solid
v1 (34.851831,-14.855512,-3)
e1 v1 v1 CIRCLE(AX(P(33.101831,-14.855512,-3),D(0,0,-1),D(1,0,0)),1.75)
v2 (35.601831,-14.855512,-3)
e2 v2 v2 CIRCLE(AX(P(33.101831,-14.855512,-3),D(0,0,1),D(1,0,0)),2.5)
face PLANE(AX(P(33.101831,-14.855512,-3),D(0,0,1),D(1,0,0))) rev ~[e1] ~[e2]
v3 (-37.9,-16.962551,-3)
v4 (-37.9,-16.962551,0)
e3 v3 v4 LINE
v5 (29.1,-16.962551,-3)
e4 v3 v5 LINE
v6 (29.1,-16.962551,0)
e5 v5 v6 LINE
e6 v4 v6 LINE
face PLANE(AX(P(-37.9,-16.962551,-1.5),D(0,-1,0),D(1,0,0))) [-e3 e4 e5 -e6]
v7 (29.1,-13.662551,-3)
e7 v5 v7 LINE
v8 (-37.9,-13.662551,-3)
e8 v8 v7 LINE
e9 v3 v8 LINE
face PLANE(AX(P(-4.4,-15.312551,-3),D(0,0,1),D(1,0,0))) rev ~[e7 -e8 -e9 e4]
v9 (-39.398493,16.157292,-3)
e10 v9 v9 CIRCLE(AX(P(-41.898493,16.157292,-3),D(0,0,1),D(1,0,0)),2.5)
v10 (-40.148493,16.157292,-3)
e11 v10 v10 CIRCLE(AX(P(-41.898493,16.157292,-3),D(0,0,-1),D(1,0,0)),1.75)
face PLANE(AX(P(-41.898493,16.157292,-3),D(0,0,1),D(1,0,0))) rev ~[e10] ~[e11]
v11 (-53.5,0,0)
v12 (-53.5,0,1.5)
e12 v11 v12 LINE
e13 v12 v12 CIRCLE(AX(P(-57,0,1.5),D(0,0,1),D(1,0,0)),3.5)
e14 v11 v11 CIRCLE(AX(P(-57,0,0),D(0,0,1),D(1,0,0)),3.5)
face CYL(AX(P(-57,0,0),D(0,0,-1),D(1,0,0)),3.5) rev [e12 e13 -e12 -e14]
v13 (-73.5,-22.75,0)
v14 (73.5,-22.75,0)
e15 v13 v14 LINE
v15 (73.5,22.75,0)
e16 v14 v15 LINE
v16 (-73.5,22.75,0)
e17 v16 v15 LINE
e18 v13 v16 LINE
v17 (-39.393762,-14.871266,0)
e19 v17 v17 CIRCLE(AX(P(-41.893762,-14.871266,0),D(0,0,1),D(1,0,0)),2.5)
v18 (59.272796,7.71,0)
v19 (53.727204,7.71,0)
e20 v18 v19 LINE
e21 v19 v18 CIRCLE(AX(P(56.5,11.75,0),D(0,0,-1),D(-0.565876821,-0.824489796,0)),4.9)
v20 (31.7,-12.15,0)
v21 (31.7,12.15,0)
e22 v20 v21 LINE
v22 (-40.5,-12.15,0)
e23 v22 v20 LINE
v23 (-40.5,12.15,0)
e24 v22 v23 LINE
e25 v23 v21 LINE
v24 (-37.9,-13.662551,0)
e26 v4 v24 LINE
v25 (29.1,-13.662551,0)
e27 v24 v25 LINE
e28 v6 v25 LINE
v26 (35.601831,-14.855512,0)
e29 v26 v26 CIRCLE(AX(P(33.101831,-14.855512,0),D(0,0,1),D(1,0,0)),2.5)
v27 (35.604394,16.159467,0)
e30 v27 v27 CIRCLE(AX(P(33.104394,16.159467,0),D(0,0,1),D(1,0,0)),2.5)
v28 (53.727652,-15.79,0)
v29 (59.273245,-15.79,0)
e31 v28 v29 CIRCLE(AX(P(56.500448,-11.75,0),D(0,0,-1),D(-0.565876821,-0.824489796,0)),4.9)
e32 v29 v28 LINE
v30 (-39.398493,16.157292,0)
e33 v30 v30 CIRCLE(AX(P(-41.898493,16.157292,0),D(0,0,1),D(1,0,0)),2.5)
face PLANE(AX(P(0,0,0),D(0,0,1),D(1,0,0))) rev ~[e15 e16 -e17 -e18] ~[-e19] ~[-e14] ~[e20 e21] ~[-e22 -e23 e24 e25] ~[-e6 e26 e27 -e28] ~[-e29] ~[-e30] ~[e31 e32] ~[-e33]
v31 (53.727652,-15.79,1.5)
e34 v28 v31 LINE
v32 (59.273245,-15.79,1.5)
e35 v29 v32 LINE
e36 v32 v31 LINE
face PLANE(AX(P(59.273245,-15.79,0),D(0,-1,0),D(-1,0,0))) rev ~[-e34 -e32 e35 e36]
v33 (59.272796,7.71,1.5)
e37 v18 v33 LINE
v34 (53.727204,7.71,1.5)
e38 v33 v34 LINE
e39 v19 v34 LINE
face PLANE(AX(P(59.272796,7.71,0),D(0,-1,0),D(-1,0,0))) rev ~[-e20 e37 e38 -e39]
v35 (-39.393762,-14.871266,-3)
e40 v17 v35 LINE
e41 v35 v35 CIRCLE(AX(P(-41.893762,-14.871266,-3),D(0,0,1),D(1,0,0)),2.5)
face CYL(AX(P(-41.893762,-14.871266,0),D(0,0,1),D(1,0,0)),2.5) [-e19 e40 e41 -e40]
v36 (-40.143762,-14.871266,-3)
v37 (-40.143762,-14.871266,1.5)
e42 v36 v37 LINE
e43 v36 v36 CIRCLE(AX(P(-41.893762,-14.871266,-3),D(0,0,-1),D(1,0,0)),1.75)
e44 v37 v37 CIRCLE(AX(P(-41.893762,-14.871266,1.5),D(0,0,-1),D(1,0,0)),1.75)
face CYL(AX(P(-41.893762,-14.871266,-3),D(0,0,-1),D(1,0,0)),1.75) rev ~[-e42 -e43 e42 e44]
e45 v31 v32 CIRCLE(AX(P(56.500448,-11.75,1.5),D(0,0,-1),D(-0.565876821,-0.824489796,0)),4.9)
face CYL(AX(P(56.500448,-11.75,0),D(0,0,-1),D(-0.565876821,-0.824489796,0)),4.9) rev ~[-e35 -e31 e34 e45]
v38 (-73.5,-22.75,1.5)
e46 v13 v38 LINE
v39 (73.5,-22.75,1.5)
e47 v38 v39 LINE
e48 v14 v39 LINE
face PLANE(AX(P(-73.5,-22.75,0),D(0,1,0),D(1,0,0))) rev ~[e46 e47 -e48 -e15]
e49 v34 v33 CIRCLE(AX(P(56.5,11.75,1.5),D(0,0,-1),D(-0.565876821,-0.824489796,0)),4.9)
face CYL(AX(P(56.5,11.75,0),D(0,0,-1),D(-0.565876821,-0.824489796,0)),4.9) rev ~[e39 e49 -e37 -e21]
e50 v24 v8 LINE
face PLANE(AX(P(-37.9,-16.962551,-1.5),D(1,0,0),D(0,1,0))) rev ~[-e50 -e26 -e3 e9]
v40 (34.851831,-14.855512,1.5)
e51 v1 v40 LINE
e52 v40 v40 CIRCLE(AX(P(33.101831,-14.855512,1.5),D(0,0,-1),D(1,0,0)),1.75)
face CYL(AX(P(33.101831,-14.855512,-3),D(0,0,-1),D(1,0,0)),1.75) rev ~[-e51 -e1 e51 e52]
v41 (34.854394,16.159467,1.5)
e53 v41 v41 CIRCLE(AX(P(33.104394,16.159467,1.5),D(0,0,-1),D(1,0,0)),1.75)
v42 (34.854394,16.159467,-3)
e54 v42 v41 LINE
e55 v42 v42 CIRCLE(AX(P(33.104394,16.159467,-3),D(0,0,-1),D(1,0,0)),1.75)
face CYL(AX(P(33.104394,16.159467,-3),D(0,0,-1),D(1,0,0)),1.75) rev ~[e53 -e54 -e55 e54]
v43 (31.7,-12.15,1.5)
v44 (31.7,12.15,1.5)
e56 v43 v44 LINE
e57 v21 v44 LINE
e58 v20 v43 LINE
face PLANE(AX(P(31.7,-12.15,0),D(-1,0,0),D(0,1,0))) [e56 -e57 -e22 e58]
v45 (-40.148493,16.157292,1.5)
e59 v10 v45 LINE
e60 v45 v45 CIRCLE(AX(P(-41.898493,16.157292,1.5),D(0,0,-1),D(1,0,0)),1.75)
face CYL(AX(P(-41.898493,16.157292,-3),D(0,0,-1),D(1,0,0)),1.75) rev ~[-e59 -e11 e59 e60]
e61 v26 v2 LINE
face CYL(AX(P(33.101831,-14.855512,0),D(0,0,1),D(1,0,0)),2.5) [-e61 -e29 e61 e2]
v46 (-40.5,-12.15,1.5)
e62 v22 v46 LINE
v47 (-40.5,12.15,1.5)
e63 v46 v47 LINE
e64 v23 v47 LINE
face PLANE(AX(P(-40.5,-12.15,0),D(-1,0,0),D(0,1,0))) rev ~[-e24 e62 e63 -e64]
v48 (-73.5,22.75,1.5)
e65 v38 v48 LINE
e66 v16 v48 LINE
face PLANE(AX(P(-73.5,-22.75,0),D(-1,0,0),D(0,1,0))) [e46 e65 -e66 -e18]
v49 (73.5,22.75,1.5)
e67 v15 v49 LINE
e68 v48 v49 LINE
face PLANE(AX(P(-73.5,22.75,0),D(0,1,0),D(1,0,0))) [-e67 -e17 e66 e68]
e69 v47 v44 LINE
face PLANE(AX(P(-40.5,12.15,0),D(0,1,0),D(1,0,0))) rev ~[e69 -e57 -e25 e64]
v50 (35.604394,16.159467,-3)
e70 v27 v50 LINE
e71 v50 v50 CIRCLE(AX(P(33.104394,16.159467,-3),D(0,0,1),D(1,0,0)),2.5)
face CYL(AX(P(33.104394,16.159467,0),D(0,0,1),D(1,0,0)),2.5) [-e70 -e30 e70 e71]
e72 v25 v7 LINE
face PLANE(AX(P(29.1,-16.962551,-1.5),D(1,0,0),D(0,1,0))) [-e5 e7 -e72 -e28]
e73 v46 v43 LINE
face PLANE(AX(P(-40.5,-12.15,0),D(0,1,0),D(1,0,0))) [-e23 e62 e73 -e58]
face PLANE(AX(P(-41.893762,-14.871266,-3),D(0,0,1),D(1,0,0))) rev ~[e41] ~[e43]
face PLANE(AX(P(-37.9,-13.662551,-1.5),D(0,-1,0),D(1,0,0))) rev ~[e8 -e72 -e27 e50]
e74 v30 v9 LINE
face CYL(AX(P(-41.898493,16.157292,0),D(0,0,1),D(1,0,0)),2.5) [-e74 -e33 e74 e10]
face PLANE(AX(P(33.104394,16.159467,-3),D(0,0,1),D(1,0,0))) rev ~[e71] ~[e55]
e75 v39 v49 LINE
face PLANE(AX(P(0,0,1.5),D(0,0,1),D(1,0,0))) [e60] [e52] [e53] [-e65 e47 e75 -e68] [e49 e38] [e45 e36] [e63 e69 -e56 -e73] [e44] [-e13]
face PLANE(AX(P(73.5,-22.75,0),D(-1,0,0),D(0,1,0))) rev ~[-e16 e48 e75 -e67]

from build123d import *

# Parameters (mm, degrees)
F0_W      = 147
F0_H      = 45.5
F0_W_2    = 67
F0_H_2    = 3.3
F0_R      = 3.5
F0_W_3    = 72.2
F0_H_3    = 24.3
F1_DEPTH  = 1.5
F2_DEPTH  = 1.5
F3_DEPTH  = 1.5
F4_DEPTH  = 1.5
F5_DEPTH  = 1.5
F6_R      = 2.5
F7_DEPTH  = 3
F8_R      = 1.75
F9_DEPTH  = 6
F10_R     = 2.5
F11_DEPTH = 3
F12_R     = 1.75
F13_DEPTH = 25
F14_R     = 2.5
F15_DEPTH = 3
F16_R     = 1.75
F17_DEPTH = 25
F18_R     = 2.5
F19_DEPTH = 3
F20_R     = 1.75
F21_DEPTH = 25


with BuildPart() as f1:
    # F0 (on Top) → F1 (new body)
    with BuildSketch(Plane.XY):
        Rectangle(F0_W, F0_H)
        with Locations((-4.4, -15.3125505805)):
            Rectangle(F0_W_2, F0_H_2, mode=Mode.SUBTRACT)
        with BuildLine():
            ThreePointArc((53.7276520505, -15.79), (56.5004484729, -6.85), (59.2732448953, -15.79))
            Line((59.2732448953, -15.79), (53.7276520505, -15.79))
        make_face(mode=Mode.SUBTRACT)
        with Locations((-57, 0)):
            Circle(F0_R, mode=Mode.SUBTRACT)
        with Locations((-4.4, 0)):
            Rectangle(F0_W_3, F0_H_3, mode=Mode.SUBTRACT)
        with BuildLine():
            ThreePointArc((53.7272035776, 7.71), (56.5, 16.65), (59.2727964224, 7.71))
            Line((59.2727964224, 7.71), (53.7272035776, 7.71))
        make_face(mode=Mode.SUBTRACT)
    extrude(amount=F1_DEPTH)

    # F0 (on Top) → F2 (join)
    with BuildSketch(Plane.XY):
        Rectangle(F0_W, F0_H)
        with Locations((-4.4, -15.3125505805)):
            Rectangle(F0_W_2, F0_H_2, mode=Mode.SUBTRACT)
        with BuildLine():
            ThreePointArc((53.7276520505, -15.79), (56.5004484729, -6.85), (59.2732448953, -15.79))
            Line((59.2732448953, -15.79), (53.7276520505, -15.79))
        make_face(mode=Mode.SUBTRACT)
        with Locations((-57, 0)):
            Circle(F0_R, mode=Mode.SUBTRACT)
        with Locations((-4.4, 0)):
            Rectangle(F0_W_3, F0_H_3, mode=Mode.SUBTRACT)
        with BuildLine():
            ThreePointArc((53.7272035776, 7.71), (56.5, 16.65), (59.2727964224, 7.71))
            Line((59.2727964224, 7.71), (53.7272035776, 7.71))
        make_face(mode=Mode.SUBTRACT)
    extrude(amount=F2_DEPTH)

    # F0 (on Top) → F3 (join)
    with BuildSketch(Plane.XY):
        Rectangle(F0_W, F0_H)
        with Locations((-4.4, -15.3125505805)):
            Rectangle(F0_W_2, F0_H_2, mode=Mode.SUBTRACT)
        with BuildLine():
            ThreePointArc((53.7276520505, -15.79), (56.5004484729, -6.85), (59.2732448953, -15.79))
            Line((59.2732448953, -15.79), (53.7276520505, -15.79))
        make_face(mode=Mode.SUBTRACT)
        with Locations((-57, 0)):
            Circle(F0_R, mode=Mode.SUBTRACT)
        with Locations((-4.4, 0)):
            Rectangle(F0_W_3, F0_H_3, mode=Mode.SUBTRACT)
        with BuildLine():
            ThreePointArc((53.7272035776, 7.71), (56.5, 16.65), (59.2727964224, 7.71))
            Line((59.2727964224, 7.71), (53.7272035776, 7.71))
        make_face(mode=Mode.SUBTRACT)
    extrude(amount=F3_DEPTH)

    # F0 (on Top) → F4 (join, symmetric)
    with BuildSketch(Plane.XY):
        with Locations((-4.4, -15.3125505805)):
            Rectangle(F0_W_2, F0_H_2)
    extrude(amount=F4_DEPTH, both=True)

    # F5 (add): a face of the model
    f5_faces = [f1.faces().sort_by_distance(p)[0] for p in [
        (-4.4, -15.3125505805, -1.5),
    ]]
    extrude(f5_faces, amount=F5_DEPTH)

    # F6 (on face) → F7 (join)
    with BuildSketch(Plane.XY):
        with Locations((33.1043936312, 16.1594673991)):
            Circle(F6_R)
    extrude(amount=-F7_DEPTH)

    # F8 (on face) → F9 (cut)
    with BuildSketch(Plane(origin=(0, 0, -3), x_dir=(1, 0, 0), z_dir=(0, 0, -1))):
        with Locations((33.1043936312, -16.1594673991)):
            Circle(F8_R)
    extrude(amount=-F9_DEPTH, mode=Mode.SUBTRACT)

    # F10 (on face) → F11 (join)
    with BuildSketch(Plane.XY):
        with Locations((-41.8984927237, 16.1572918296)):
            Circle(F10_R)
    extrude(amount=-F11_DEPTH)

    # F12 (on face) → F13 (cut)
    with BuildSketch(Plane(origin=(0, 0, -3), x_dir=(1, 0, 0), z_dir=(0, 0, -1))):
        with Locations((-41.8984927237, -16.1572918296)):
            Circle(F12_R)
    extrude(amount=-F13_DEPTH, mode=Mode.SUBTRACT)

    # F14 (on face) → F15 (join)
    with BuildSketch(Plane.XY):
        with Locations((-41.893761605, -14.8712657392)):
            Circle(F14_R)
    extrude(amount=-F15_DEPTH)

    # F16 (on face) → F17 (cut)
    with BuildSketch(Plane(origin=(0, 0, -3), x_dir=(1, 0, 0), z_dir=(0, 0, -1))):
        with Locations((-41.893761605, 14.8712657392)):
            Circle(F16_R)
    extrude(amount=-F17_DEPTH, mode=Mode.SUBTRACT)

    # F18 (on face) → F19 (join)
    with BuildSketch(Plane.XY):
        with Locations((33.1018306315, -14.8555124179)):
            Circle(F18_R)
    extrude(amount=-F19_DEPTH)

    # F20 (on face) → F21 (cut)
    with BuildSketch(Plane(origin=(0, 0, -3), x_dir=(1, 0, 0), z_dir=(0, 0, -1))):
        with Locations((33.1018306315, 14.8555124179)):
            Circle(F20_R)
    extrude(amount=-F21_DEPTH, mode=Mode.SUBTRACT)


solid = f1.part
